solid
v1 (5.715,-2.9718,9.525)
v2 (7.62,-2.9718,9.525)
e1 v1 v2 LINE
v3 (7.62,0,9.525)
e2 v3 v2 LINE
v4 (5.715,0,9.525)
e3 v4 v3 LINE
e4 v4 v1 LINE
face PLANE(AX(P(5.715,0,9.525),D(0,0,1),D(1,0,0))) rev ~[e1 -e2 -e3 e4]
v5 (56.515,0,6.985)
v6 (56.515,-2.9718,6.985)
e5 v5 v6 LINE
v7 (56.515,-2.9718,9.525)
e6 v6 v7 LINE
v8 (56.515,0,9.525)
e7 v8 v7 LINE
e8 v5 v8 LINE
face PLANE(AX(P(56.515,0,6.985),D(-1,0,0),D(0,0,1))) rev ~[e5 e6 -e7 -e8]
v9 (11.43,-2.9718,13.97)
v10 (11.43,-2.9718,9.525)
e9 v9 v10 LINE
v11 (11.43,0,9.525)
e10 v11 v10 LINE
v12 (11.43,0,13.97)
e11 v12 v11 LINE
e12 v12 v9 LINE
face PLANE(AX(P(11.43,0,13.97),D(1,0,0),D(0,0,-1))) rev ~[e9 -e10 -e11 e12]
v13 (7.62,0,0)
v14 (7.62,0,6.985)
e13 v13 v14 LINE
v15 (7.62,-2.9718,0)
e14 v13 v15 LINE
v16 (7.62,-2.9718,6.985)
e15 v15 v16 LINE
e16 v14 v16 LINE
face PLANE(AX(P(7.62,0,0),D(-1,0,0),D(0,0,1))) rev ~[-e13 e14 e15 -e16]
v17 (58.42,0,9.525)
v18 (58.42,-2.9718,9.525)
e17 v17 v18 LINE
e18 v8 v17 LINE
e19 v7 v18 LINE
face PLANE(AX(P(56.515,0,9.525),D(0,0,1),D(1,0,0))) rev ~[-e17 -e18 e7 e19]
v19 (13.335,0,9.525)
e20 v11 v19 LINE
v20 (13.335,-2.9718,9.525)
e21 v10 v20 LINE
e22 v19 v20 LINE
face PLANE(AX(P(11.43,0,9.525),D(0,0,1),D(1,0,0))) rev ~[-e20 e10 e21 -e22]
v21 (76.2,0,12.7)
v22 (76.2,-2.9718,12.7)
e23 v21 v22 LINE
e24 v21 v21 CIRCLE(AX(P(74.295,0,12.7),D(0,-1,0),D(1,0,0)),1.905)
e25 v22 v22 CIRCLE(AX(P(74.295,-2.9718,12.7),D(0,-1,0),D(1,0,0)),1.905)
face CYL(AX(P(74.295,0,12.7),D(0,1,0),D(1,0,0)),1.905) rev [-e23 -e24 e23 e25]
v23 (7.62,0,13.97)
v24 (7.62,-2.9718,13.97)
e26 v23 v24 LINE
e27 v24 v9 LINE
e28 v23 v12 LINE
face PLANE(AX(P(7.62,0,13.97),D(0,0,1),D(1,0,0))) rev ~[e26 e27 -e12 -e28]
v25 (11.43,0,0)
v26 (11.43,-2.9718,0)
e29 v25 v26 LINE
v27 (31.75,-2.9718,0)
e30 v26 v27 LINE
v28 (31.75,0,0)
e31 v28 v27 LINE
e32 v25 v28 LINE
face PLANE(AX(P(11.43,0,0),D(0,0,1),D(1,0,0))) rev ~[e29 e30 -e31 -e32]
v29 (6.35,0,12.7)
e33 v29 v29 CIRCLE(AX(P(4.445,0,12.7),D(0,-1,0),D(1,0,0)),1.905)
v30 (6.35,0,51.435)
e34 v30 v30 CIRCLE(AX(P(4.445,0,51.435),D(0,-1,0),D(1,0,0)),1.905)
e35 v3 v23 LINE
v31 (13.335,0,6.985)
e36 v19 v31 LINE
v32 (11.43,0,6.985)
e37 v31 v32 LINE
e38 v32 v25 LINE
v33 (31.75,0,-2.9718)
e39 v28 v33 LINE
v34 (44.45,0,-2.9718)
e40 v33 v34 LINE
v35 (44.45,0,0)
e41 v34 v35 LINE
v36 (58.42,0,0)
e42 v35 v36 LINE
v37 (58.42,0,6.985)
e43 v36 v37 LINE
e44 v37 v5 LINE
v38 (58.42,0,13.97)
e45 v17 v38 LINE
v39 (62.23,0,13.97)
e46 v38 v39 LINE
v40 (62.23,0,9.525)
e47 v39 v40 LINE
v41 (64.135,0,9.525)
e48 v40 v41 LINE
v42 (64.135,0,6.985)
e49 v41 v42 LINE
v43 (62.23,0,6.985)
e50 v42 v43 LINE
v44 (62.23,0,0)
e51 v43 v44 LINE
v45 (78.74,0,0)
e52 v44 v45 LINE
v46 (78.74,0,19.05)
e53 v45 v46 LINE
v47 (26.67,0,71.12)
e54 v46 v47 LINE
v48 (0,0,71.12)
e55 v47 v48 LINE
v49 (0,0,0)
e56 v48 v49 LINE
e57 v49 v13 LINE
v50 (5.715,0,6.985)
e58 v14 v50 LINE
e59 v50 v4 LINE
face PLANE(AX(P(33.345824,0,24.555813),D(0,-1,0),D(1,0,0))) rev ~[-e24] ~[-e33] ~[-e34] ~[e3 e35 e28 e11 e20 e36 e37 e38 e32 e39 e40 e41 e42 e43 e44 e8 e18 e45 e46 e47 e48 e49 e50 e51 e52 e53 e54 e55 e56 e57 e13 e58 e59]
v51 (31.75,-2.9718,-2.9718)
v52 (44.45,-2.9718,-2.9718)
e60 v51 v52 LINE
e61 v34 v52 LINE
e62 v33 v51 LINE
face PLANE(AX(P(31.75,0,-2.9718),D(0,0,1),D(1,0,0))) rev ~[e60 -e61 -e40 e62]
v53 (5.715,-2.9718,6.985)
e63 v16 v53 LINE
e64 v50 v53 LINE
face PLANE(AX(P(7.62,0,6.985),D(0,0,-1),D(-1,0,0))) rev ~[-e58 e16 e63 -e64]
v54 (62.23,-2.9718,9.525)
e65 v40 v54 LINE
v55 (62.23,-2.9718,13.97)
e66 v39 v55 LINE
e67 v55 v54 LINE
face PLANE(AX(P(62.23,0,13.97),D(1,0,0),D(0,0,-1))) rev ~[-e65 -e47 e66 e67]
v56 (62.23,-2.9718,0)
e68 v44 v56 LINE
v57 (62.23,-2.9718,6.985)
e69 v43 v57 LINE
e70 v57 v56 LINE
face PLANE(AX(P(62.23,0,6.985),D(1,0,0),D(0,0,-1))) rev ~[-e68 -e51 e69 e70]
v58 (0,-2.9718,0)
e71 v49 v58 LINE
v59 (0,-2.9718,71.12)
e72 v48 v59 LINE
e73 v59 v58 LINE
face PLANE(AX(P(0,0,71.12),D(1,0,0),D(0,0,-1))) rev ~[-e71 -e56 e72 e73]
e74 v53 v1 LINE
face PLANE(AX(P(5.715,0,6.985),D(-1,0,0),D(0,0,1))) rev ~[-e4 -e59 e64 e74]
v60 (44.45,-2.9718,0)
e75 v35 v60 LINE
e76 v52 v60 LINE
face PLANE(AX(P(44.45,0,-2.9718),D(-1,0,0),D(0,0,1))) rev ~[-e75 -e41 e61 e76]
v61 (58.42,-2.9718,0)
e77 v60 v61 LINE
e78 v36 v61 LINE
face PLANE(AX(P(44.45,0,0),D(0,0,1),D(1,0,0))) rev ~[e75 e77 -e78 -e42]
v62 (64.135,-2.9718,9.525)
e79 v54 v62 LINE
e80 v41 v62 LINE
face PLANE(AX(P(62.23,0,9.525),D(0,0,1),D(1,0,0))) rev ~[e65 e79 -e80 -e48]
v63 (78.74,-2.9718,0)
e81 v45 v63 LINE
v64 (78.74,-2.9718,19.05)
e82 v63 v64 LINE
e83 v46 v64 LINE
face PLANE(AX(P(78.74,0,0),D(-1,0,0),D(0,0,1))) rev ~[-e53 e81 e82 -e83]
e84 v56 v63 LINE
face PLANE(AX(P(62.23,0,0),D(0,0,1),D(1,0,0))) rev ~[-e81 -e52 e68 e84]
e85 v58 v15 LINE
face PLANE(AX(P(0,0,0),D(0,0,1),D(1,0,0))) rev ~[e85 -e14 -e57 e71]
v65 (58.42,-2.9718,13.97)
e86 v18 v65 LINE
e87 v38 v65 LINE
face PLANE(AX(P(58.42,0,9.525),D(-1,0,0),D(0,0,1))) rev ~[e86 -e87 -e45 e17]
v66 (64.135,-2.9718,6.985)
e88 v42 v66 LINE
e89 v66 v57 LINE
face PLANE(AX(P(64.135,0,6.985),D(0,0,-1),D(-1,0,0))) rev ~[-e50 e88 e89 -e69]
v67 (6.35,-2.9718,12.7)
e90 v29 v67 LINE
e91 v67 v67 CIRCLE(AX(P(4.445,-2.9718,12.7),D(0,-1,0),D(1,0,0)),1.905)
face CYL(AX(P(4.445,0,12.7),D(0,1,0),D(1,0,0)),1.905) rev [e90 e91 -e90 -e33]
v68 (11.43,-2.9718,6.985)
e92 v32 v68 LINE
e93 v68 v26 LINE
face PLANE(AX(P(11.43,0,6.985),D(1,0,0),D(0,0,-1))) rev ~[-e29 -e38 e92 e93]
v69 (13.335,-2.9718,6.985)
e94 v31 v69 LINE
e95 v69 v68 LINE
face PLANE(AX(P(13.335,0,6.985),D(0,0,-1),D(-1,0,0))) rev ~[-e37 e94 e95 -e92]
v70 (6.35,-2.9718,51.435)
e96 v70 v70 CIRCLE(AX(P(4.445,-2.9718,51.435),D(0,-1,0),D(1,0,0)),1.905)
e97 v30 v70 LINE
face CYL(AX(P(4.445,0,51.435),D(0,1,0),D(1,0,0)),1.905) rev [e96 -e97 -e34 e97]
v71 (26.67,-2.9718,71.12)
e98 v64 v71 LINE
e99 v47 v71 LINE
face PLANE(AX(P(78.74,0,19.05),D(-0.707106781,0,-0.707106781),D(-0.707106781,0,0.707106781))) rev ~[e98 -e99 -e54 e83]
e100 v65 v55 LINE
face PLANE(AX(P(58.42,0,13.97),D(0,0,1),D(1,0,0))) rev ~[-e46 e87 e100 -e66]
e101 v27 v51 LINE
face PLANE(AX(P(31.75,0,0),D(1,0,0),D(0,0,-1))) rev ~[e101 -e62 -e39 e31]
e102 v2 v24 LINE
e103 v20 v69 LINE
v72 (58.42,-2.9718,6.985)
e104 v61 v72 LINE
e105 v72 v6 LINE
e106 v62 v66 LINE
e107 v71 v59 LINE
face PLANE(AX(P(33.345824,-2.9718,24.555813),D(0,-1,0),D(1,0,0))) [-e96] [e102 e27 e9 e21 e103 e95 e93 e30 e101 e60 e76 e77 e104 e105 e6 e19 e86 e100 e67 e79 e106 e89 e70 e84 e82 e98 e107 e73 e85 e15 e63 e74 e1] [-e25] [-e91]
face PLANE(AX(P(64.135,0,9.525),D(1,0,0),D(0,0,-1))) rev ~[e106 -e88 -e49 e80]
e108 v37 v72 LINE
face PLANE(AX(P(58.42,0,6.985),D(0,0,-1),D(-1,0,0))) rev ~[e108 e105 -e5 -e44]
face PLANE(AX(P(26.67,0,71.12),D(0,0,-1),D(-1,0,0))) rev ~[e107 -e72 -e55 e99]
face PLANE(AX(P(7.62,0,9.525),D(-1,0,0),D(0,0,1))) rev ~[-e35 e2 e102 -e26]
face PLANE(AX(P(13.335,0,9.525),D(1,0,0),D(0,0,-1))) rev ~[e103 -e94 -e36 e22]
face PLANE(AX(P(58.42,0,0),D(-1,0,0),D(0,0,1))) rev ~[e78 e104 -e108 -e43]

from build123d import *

# Parameters (mm, degrees)
F0_R     = 1.905
F1_DEPTH = 2.9718


with BuildPart() as f1:
    # F0 (on Front) → F1 (new body)
    with BuildSketch(Plane.XZ):
        Polygon((0, 71.12), (0, 0), (7.62, 0), (7.62, 6.985), (5.715, 6.985), (5.715, 9.525), (7.62, 9.525), (7.62, 13.97), (11.43, 13.97), (11.43, 9.525), (13.335, 9.525), (13.335, 6.985), (11.43, 6.985), (11.43, 0), (31.75, 0), (31.75, -2.9718), (44.45, -2.9718), (44.45, 0), (58.42, 0), (58.42, 6.985), (56.515, 6.985), (56.515, 9.525), (58.42, 9.525), (58.42, 13.97), (62.23, 13.97), (62.23, 9.525), (64.135, 9.525), (64.135, 6.985), (62.23, 6.985), (62.23, 0), (78.74, 0), (78.74, 19.05), (26.67, 71.12), align=None)
        with Locations((4.445, 12.7)):
            Circle(F0_R, mode=Mode.SUBTRACT)
        with Locations((74.295, 12.7)):
            Circle(F0_R, mode=Mode.SUBTRACT)
        with Locations((4.445, 51.435)):
            Circle(F0_R, mode=Mode.SUBTRACT)
    extrude(amount=F1_DEPTH)


solid = f1.part
